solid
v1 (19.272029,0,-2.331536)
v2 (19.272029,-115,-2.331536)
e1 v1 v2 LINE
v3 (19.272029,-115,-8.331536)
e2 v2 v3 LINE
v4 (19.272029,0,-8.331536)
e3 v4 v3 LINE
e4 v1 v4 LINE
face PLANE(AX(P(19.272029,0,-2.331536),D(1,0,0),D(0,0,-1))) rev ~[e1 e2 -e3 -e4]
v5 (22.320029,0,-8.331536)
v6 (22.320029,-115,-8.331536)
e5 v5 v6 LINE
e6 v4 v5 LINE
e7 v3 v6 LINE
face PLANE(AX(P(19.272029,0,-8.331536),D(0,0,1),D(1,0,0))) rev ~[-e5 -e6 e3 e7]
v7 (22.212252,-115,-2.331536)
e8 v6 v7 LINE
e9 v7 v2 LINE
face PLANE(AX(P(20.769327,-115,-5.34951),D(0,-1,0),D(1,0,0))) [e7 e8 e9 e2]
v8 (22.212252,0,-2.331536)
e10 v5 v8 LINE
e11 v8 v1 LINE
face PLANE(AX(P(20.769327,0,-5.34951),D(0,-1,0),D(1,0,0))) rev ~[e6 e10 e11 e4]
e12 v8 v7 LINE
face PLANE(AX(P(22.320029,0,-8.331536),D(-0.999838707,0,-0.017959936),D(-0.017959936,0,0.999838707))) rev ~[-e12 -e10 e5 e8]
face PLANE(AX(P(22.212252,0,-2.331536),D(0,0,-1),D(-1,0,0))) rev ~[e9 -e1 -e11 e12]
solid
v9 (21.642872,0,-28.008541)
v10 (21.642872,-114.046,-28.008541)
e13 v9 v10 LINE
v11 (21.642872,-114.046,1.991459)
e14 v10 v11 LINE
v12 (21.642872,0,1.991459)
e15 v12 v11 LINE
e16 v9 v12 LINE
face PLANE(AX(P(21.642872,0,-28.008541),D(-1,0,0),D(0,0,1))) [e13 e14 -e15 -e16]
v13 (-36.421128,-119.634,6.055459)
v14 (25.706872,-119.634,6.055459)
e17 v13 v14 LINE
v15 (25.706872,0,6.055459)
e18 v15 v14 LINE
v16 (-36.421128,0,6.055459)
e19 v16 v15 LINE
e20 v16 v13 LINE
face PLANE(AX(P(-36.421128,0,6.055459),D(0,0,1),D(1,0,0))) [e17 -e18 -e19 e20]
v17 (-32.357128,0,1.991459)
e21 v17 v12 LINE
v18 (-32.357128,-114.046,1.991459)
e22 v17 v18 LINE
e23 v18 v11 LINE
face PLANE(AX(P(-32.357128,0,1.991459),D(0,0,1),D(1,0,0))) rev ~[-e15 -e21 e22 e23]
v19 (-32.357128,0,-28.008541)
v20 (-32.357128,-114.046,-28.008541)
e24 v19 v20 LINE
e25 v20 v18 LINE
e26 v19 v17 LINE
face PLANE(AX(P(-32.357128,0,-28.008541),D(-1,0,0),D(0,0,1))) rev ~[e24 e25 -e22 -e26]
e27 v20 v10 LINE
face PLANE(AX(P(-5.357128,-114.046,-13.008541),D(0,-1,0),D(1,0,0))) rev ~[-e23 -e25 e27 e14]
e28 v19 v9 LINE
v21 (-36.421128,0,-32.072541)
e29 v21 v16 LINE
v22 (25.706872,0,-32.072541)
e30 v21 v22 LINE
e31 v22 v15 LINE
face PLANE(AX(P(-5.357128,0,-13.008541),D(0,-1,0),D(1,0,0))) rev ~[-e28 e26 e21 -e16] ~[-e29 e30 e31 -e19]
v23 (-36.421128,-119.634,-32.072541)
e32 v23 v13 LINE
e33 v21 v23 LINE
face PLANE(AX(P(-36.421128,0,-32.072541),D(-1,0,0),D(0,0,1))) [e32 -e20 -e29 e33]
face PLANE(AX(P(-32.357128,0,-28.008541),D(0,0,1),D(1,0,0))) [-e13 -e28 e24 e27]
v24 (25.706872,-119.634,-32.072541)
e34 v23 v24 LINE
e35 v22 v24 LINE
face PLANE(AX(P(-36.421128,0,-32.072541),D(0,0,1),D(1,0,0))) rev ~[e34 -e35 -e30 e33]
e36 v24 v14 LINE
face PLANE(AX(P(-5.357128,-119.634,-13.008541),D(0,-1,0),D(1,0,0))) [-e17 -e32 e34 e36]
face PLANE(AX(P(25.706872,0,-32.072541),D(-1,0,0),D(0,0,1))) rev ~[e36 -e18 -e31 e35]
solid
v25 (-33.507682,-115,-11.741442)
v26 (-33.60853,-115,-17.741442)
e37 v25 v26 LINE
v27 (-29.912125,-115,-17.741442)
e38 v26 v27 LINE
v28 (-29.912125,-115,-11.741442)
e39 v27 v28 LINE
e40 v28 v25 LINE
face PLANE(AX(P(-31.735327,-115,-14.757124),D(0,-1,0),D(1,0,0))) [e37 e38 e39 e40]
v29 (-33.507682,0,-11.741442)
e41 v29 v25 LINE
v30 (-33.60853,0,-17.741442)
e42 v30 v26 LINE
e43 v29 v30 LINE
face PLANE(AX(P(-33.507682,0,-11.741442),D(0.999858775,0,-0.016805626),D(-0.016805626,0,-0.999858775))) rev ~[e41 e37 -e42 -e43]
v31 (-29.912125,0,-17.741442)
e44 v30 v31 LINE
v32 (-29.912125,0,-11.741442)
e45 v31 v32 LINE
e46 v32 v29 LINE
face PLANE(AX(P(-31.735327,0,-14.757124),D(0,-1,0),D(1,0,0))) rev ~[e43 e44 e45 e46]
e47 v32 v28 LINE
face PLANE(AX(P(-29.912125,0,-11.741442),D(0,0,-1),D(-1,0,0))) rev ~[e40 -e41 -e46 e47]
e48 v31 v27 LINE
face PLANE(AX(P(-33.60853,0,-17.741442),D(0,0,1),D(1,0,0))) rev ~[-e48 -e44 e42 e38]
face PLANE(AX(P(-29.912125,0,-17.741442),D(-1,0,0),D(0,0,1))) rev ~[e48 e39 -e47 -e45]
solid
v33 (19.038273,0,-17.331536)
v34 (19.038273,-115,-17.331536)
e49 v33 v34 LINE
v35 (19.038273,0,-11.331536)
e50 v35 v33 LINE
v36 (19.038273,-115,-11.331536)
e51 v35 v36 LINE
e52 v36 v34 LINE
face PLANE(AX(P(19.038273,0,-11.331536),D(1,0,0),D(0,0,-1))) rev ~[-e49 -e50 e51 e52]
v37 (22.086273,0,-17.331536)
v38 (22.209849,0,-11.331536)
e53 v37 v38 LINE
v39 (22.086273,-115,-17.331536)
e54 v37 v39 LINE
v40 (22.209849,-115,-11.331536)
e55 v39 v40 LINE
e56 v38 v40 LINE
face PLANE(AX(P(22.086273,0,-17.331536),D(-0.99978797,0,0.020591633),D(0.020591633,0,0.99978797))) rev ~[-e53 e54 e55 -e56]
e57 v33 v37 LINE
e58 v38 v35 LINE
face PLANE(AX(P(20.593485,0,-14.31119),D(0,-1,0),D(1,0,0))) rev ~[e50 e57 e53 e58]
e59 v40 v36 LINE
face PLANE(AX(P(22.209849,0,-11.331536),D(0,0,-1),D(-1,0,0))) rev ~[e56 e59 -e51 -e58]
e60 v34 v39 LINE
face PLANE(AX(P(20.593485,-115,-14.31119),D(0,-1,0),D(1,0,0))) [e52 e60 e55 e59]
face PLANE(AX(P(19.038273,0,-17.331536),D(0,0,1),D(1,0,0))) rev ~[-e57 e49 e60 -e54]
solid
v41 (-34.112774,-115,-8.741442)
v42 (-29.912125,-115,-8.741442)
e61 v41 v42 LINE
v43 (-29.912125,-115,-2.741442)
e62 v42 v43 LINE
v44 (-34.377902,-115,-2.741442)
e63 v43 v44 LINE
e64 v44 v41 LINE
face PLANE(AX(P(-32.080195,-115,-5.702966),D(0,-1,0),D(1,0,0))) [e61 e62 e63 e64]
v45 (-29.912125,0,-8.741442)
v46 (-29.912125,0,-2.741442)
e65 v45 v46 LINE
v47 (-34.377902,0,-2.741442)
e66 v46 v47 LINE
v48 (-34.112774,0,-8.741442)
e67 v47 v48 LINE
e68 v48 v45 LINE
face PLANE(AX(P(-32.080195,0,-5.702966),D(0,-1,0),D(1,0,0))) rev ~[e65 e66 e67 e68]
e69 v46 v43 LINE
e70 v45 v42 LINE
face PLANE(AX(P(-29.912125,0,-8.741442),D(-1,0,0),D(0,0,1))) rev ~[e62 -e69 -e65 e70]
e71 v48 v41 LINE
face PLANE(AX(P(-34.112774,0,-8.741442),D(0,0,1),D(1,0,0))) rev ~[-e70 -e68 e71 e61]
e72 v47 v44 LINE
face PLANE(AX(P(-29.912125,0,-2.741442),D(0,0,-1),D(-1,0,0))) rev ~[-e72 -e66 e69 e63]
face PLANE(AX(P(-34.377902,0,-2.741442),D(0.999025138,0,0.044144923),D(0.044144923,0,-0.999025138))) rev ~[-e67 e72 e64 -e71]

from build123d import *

# Parameters (mm, degrees)
F0_W     = 54
F0_H     = 30
F1_DEPTH = 115
F2_W     = 62.128
F2_H     = 38.128
F3_DEPTH = 119.634
F4_DEPTH = 25.4
F5_DEPTH = 114.046
F7_DEPTH = 115


with BuildPart() as f1:
    # F0 (on Front) → F1 (new body)
    with BuildSketch(Plane.XZ):
        with Locations((-5.357128, -13.008541)):
            Rectangle(F0_W, F0_H)
    extrude(amount=F1_DEPTH)

    # F2 (on Front) → F3 (join)
    with BuildSketch(Plane.XZ):
        with Locations((-5.357128, -13.008541)):
            Rectangle(F2_W, F2_H)
    extrude(amount=F3_DEPTH)

    # F0 (on Front) → F4 (cut)
    with BuildSketch(Plane.XZ):
        with Locations((-5.357128, -13.008541)):
            Rectangle(F0_W, F0_H)
    extrude(amount=-F4_DEPTH, mode=Mode.SUBTRACT)

    # F0 (on Front) → F5 (cut)
    with BuildSketch(Plane.XZ):
        with Locations((-5.357128, -13.008541)):
            Rectangle(F0_W, F0_H)
    extrude(amount=F5_DEPTH, mode=Mode.SUBTRACT)


with BuildPart() as f7:
    # F6 (on Front) → F7 (new body)
    with BuildSketch(Plane.XZ):
        Polygon((22.086273, -17.331536), (22.209849, -11.331536), (19.038273, -11.331536), (19.038273, -17.331536), align=None)
        Polygon((19.272029, -8.331536), (22.320029, -8.331536), (22.212252, -2.331536), (19.272029, -2.331536), align=None)
        Polygon((-29.912125, -8.741442), (-29.912125, -2.741442), (-34.377902, -2.741442), (-34.112774, -8.741442), align=None)
        Polygon((-29.912125, -17.741442), (-29.912125, -11.741442), (-33.507682, -11.741442), (-33.60853, -17.741442), align=None)
    extrude(amount=F7_DEPTH)


solid = Compound([f1.part, f7.part])
